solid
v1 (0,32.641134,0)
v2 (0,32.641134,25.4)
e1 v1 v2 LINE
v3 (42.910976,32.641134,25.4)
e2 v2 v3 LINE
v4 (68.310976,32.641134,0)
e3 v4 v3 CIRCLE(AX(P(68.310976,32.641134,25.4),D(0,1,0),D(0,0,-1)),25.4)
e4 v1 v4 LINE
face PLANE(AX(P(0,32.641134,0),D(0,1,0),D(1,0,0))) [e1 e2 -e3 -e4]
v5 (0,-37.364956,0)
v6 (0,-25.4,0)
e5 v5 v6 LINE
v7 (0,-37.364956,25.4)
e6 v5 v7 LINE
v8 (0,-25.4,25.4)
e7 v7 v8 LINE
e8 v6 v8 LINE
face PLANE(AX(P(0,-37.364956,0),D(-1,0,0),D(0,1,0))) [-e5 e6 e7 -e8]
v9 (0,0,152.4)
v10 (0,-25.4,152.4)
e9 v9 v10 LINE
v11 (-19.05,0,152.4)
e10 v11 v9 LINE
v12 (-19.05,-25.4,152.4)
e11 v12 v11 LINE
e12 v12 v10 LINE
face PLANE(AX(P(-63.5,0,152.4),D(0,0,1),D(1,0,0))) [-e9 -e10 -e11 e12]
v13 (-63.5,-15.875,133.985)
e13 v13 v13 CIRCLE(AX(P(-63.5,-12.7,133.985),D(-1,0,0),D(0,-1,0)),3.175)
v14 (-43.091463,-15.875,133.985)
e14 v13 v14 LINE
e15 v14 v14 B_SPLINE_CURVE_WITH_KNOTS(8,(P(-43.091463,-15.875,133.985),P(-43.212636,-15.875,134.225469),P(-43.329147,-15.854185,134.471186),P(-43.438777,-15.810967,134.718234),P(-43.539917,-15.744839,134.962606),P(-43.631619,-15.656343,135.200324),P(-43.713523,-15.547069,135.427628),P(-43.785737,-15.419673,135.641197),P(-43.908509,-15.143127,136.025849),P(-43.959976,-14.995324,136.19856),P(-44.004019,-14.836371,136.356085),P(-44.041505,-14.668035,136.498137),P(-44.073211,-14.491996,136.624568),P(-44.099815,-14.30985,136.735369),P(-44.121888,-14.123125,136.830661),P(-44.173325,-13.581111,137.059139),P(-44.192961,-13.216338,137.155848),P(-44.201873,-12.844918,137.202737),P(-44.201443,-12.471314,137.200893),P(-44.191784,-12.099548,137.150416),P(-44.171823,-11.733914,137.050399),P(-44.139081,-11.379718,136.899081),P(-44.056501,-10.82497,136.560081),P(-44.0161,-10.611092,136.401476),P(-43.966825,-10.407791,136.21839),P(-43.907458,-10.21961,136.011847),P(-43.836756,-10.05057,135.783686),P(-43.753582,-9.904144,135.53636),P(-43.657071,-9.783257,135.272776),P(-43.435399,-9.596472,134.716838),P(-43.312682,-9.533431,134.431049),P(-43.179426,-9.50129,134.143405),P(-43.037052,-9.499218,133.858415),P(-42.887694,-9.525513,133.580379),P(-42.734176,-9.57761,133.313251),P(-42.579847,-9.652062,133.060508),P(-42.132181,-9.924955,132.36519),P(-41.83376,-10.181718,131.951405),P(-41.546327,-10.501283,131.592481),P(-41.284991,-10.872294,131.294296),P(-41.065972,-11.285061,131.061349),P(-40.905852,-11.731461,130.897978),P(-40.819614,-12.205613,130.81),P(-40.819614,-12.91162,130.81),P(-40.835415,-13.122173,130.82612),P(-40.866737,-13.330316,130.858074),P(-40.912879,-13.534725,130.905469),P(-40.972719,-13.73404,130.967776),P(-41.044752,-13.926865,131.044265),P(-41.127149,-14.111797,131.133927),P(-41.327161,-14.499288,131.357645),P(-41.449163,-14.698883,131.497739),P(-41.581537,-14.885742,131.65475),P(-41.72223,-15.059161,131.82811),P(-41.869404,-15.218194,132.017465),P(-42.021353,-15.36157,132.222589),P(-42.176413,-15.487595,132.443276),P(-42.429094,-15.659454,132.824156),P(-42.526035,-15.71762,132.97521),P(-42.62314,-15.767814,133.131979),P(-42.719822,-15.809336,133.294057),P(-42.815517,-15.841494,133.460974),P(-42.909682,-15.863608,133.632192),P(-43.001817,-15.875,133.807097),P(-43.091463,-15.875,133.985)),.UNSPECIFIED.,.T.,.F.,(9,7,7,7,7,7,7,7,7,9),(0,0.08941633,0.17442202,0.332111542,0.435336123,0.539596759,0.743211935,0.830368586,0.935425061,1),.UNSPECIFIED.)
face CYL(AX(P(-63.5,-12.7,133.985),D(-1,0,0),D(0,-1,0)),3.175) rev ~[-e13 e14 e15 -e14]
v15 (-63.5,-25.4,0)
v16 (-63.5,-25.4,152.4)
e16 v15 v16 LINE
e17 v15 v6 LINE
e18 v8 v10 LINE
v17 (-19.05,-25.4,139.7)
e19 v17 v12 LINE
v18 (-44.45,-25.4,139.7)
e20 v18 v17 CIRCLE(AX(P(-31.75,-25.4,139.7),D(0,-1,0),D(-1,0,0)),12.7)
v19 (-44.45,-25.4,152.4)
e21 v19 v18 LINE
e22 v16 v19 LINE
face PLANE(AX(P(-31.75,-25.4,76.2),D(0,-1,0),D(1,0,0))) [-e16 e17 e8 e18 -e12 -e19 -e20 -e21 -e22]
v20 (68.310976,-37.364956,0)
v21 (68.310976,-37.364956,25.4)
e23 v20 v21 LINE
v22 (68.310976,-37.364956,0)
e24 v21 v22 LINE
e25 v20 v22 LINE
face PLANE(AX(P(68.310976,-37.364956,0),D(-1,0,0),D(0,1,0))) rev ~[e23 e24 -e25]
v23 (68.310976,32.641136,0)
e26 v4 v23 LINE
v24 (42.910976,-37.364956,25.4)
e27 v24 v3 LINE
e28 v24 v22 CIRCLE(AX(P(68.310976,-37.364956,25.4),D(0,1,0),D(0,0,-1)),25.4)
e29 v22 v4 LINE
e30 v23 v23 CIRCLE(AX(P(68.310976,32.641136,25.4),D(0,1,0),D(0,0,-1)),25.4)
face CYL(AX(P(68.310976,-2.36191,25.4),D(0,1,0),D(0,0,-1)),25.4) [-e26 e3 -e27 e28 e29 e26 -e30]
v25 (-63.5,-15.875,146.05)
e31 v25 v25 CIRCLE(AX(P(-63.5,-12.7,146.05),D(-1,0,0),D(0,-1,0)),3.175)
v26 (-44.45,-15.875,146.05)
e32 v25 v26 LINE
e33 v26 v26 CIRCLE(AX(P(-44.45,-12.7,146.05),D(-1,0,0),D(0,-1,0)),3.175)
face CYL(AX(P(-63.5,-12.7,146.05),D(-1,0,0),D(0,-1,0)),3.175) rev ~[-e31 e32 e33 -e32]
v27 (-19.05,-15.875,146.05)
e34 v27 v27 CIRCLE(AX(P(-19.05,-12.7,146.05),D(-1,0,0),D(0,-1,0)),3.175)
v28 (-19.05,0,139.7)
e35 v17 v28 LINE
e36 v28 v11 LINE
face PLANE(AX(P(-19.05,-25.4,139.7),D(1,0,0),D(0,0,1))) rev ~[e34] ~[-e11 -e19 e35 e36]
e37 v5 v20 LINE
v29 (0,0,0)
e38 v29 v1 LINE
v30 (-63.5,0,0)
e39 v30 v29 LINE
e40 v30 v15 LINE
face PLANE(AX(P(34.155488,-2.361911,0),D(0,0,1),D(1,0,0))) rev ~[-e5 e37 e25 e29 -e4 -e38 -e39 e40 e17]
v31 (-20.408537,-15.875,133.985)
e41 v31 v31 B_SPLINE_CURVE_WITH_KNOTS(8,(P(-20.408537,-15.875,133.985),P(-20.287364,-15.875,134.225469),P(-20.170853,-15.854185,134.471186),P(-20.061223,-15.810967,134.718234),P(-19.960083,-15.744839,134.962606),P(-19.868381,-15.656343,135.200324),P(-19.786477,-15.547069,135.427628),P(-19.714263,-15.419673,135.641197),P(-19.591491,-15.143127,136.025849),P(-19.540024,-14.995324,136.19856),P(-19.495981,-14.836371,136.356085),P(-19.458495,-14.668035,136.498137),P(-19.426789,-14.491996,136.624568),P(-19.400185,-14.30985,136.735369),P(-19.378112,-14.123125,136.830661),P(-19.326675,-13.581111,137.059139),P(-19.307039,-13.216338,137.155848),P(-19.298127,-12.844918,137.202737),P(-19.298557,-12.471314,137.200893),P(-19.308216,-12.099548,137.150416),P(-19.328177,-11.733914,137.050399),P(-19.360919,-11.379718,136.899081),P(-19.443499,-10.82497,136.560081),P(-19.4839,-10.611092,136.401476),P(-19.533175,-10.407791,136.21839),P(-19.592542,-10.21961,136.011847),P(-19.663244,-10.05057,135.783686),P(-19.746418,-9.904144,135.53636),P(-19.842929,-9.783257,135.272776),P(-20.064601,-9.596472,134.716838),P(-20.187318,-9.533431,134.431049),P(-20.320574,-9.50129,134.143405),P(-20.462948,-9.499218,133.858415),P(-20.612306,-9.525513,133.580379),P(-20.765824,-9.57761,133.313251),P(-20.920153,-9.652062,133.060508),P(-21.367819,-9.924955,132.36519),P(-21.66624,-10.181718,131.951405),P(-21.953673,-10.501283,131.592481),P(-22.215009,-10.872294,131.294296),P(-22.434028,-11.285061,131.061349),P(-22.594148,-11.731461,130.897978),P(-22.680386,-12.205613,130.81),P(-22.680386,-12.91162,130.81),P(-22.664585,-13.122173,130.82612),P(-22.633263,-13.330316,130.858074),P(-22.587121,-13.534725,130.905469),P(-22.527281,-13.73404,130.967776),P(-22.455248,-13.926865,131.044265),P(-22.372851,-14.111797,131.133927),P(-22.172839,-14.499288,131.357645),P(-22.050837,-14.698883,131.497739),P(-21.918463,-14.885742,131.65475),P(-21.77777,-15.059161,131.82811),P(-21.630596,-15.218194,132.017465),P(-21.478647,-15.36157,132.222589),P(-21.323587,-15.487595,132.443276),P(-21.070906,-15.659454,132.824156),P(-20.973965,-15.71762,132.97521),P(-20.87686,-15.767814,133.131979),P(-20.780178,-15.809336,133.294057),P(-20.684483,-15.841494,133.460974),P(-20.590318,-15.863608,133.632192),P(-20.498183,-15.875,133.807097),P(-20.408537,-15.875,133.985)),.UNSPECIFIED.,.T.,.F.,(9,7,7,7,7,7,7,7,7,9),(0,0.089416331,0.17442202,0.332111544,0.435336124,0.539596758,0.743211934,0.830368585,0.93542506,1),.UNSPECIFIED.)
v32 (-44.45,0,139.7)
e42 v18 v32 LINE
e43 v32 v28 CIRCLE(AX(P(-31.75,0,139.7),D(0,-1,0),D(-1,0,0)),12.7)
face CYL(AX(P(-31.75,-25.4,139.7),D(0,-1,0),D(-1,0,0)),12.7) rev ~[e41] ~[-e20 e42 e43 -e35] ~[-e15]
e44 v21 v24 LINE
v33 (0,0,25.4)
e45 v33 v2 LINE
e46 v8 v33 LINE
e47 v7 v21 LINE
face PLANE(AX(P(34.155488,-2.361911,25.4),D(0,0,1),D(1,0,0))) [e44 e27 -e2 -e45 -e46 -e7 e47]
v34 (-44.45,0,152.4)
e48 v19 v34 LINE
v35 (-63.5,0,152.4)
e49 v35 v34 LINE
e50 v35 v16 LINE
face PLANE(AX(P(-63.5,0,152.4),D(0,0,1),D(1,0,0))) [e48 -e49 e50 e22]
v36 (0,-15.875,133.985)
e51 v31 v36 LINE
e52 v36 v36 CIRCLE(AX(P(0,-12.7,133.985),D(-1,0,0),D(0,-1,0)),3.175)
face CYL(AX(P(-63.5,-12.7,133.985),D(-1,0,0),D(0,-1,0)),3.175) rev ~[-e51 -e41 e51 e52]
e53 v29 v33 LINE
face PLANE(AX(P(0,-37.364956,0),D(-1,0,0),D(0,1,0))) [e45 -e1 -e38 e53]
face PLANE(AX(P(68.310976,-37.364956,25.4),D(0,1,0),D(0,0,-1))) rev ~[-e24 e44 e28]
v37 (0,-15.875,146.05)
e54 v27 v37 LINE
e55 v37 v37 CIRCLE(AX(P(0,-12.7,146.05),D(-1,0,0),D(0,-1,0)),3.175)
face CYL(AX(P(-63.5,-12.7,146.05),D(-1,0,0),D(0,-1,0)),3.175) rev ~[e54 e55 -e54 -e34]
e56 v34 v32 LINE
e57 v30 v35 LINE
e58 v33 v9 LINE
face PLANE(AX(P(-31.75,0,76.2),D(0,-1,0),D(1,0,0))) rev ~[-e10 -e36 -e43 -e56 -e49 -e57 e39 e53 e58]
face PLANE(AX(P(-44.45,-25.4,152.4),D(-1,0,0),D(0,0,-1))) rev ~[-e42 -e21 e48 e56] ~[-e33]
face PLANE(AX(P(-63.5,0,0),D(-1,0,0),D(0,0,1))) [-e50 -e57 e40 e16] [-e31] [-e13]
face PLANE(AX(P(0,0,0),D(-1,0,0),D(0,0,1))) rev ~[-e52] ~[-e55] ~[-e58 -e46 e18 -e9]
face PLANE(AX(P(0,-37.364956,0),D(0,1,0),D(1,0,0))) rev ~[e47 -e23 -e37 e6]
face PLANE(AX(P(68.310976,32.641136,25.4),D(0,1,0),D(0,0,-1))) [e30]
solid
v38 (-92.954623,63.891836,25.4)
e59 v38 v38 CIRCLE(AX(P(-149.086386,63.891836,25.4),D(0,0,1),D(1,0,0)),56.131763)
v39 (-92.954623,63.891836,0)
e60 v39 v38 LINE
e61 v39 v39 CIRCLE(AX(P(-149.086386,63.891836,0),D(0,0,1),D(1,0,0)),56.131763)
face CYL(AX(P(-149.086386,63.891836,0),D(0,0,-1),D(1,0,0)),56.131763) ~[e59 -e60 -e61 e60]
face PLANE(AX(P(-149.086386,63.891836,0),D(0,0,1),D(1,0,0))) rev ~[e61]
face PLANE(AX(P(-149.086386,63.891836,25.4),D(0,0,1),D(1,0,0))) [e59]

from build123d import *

# Parameters (mm, degrees)
F0_W      = 63.5
F0_H      = 152.4
F1_DEPTH  = 25.4
F3_DEPTH  = 25.4
F4_R      = 3.175
F5_DEPTH  = 63.501
F6_W      = 68.310976
F6_H      = 70.006091
F7_DEPTH  = 25.4
F7_FACE_W = 70.006092
F7_FACE_H = 25.4
F9_R      = 56.131763
F10_DEPTH = 25.4


with BuildPart() as f1:
    # F0 (on Front) → F1 (new body)
    with BuildSketch(Plane.XZ):
        with Locations((-31.75, 76.2)):
            Rectangle(F0_W, F0_H)
    extrude(amount=F1_DEPTH)

    # F2 (on face) → F3 (cut)
    with BuildSketch(Plane.XZ.offset(25.4)):
        with BuildLine():
            ThreePointArc((-31.75, 152.4), (-40.730256, 148.680256), (-44.45, 139.7))
            ThreePointArc((-44.45, 139.7), (-31.75, 127), (-19.05, 139.7))
            ThreePointArc((-19.05, 139.7), (-22.769744, 148.680256), (-31.75, 152.4))
        make_face()
        with BuildLine():
            Line((-44.45, 152.4), (-44.45, 139.7))
            ThreePointArc((-44.45, 139.7), (-40.730256, 148.680256), (-31.75, 152.4))
            Line((-31.75, 152.4), (-44.45, 152.4))
        make_face()
        with BuildLine():
            ThreePointArc((-31.75, 152.4), (-22.769744, 148.680256), (-19.05, 139.7))
            Line((-19.05, 139.7), (-19.05, 152.4))
            Line((-19.05, 152.4), (-31.75, 152.4))
        make_face()
    extrude(amount=-F3_DEPTH, mode=Mode.SUBTRACT)

    # F4 (on face) → F5 (cut, through all)
    with BuildSketch(Plane(origin=(-63.5, 0, 0), x_dir=(0, -1, 0), z_dir=(-1, 0, 0))):
        with Locations((12.7, 133.985)):
            Circle(F4_R)
        with Locations((12.7, 146.05)):
            Circle(F4_R)
    extrude(amount=-F5_DEPTH, mode=Mode.SUBTRACT)

    # F6 (on Top) → F7 (join)
    with BuildSketch(Plane.XY):
        with Locations((34.155488, -2.361911)):
            Rectangle(F6_W, F6_H)
    extrude(amount=F7_DEPTH)

    # F7_face (on face) → F8 (revolve)
    with BuildSketch(Plane(origin=(68.310976, -2.36191, 12.7), x_dir=(0, 1, 0), z_dir=(1, 0, 0))):
        Rectangle(F7_FACE_W, F7_FACE_H)
    revolve(axis=Axis((68.310976, -2.36191, 25.4), (0, 1, 0)))


with BuildPart() as f10:
    # F9 (on Top) → F10 (new body)
    with BuildSketch(Plane.XY):
        with Locations((-149.086386, 63.891836)):
            Circle(F9_R)
    extrude(amount=F10_DEPTH)


solid = Compound([f1.part, f10.part])
